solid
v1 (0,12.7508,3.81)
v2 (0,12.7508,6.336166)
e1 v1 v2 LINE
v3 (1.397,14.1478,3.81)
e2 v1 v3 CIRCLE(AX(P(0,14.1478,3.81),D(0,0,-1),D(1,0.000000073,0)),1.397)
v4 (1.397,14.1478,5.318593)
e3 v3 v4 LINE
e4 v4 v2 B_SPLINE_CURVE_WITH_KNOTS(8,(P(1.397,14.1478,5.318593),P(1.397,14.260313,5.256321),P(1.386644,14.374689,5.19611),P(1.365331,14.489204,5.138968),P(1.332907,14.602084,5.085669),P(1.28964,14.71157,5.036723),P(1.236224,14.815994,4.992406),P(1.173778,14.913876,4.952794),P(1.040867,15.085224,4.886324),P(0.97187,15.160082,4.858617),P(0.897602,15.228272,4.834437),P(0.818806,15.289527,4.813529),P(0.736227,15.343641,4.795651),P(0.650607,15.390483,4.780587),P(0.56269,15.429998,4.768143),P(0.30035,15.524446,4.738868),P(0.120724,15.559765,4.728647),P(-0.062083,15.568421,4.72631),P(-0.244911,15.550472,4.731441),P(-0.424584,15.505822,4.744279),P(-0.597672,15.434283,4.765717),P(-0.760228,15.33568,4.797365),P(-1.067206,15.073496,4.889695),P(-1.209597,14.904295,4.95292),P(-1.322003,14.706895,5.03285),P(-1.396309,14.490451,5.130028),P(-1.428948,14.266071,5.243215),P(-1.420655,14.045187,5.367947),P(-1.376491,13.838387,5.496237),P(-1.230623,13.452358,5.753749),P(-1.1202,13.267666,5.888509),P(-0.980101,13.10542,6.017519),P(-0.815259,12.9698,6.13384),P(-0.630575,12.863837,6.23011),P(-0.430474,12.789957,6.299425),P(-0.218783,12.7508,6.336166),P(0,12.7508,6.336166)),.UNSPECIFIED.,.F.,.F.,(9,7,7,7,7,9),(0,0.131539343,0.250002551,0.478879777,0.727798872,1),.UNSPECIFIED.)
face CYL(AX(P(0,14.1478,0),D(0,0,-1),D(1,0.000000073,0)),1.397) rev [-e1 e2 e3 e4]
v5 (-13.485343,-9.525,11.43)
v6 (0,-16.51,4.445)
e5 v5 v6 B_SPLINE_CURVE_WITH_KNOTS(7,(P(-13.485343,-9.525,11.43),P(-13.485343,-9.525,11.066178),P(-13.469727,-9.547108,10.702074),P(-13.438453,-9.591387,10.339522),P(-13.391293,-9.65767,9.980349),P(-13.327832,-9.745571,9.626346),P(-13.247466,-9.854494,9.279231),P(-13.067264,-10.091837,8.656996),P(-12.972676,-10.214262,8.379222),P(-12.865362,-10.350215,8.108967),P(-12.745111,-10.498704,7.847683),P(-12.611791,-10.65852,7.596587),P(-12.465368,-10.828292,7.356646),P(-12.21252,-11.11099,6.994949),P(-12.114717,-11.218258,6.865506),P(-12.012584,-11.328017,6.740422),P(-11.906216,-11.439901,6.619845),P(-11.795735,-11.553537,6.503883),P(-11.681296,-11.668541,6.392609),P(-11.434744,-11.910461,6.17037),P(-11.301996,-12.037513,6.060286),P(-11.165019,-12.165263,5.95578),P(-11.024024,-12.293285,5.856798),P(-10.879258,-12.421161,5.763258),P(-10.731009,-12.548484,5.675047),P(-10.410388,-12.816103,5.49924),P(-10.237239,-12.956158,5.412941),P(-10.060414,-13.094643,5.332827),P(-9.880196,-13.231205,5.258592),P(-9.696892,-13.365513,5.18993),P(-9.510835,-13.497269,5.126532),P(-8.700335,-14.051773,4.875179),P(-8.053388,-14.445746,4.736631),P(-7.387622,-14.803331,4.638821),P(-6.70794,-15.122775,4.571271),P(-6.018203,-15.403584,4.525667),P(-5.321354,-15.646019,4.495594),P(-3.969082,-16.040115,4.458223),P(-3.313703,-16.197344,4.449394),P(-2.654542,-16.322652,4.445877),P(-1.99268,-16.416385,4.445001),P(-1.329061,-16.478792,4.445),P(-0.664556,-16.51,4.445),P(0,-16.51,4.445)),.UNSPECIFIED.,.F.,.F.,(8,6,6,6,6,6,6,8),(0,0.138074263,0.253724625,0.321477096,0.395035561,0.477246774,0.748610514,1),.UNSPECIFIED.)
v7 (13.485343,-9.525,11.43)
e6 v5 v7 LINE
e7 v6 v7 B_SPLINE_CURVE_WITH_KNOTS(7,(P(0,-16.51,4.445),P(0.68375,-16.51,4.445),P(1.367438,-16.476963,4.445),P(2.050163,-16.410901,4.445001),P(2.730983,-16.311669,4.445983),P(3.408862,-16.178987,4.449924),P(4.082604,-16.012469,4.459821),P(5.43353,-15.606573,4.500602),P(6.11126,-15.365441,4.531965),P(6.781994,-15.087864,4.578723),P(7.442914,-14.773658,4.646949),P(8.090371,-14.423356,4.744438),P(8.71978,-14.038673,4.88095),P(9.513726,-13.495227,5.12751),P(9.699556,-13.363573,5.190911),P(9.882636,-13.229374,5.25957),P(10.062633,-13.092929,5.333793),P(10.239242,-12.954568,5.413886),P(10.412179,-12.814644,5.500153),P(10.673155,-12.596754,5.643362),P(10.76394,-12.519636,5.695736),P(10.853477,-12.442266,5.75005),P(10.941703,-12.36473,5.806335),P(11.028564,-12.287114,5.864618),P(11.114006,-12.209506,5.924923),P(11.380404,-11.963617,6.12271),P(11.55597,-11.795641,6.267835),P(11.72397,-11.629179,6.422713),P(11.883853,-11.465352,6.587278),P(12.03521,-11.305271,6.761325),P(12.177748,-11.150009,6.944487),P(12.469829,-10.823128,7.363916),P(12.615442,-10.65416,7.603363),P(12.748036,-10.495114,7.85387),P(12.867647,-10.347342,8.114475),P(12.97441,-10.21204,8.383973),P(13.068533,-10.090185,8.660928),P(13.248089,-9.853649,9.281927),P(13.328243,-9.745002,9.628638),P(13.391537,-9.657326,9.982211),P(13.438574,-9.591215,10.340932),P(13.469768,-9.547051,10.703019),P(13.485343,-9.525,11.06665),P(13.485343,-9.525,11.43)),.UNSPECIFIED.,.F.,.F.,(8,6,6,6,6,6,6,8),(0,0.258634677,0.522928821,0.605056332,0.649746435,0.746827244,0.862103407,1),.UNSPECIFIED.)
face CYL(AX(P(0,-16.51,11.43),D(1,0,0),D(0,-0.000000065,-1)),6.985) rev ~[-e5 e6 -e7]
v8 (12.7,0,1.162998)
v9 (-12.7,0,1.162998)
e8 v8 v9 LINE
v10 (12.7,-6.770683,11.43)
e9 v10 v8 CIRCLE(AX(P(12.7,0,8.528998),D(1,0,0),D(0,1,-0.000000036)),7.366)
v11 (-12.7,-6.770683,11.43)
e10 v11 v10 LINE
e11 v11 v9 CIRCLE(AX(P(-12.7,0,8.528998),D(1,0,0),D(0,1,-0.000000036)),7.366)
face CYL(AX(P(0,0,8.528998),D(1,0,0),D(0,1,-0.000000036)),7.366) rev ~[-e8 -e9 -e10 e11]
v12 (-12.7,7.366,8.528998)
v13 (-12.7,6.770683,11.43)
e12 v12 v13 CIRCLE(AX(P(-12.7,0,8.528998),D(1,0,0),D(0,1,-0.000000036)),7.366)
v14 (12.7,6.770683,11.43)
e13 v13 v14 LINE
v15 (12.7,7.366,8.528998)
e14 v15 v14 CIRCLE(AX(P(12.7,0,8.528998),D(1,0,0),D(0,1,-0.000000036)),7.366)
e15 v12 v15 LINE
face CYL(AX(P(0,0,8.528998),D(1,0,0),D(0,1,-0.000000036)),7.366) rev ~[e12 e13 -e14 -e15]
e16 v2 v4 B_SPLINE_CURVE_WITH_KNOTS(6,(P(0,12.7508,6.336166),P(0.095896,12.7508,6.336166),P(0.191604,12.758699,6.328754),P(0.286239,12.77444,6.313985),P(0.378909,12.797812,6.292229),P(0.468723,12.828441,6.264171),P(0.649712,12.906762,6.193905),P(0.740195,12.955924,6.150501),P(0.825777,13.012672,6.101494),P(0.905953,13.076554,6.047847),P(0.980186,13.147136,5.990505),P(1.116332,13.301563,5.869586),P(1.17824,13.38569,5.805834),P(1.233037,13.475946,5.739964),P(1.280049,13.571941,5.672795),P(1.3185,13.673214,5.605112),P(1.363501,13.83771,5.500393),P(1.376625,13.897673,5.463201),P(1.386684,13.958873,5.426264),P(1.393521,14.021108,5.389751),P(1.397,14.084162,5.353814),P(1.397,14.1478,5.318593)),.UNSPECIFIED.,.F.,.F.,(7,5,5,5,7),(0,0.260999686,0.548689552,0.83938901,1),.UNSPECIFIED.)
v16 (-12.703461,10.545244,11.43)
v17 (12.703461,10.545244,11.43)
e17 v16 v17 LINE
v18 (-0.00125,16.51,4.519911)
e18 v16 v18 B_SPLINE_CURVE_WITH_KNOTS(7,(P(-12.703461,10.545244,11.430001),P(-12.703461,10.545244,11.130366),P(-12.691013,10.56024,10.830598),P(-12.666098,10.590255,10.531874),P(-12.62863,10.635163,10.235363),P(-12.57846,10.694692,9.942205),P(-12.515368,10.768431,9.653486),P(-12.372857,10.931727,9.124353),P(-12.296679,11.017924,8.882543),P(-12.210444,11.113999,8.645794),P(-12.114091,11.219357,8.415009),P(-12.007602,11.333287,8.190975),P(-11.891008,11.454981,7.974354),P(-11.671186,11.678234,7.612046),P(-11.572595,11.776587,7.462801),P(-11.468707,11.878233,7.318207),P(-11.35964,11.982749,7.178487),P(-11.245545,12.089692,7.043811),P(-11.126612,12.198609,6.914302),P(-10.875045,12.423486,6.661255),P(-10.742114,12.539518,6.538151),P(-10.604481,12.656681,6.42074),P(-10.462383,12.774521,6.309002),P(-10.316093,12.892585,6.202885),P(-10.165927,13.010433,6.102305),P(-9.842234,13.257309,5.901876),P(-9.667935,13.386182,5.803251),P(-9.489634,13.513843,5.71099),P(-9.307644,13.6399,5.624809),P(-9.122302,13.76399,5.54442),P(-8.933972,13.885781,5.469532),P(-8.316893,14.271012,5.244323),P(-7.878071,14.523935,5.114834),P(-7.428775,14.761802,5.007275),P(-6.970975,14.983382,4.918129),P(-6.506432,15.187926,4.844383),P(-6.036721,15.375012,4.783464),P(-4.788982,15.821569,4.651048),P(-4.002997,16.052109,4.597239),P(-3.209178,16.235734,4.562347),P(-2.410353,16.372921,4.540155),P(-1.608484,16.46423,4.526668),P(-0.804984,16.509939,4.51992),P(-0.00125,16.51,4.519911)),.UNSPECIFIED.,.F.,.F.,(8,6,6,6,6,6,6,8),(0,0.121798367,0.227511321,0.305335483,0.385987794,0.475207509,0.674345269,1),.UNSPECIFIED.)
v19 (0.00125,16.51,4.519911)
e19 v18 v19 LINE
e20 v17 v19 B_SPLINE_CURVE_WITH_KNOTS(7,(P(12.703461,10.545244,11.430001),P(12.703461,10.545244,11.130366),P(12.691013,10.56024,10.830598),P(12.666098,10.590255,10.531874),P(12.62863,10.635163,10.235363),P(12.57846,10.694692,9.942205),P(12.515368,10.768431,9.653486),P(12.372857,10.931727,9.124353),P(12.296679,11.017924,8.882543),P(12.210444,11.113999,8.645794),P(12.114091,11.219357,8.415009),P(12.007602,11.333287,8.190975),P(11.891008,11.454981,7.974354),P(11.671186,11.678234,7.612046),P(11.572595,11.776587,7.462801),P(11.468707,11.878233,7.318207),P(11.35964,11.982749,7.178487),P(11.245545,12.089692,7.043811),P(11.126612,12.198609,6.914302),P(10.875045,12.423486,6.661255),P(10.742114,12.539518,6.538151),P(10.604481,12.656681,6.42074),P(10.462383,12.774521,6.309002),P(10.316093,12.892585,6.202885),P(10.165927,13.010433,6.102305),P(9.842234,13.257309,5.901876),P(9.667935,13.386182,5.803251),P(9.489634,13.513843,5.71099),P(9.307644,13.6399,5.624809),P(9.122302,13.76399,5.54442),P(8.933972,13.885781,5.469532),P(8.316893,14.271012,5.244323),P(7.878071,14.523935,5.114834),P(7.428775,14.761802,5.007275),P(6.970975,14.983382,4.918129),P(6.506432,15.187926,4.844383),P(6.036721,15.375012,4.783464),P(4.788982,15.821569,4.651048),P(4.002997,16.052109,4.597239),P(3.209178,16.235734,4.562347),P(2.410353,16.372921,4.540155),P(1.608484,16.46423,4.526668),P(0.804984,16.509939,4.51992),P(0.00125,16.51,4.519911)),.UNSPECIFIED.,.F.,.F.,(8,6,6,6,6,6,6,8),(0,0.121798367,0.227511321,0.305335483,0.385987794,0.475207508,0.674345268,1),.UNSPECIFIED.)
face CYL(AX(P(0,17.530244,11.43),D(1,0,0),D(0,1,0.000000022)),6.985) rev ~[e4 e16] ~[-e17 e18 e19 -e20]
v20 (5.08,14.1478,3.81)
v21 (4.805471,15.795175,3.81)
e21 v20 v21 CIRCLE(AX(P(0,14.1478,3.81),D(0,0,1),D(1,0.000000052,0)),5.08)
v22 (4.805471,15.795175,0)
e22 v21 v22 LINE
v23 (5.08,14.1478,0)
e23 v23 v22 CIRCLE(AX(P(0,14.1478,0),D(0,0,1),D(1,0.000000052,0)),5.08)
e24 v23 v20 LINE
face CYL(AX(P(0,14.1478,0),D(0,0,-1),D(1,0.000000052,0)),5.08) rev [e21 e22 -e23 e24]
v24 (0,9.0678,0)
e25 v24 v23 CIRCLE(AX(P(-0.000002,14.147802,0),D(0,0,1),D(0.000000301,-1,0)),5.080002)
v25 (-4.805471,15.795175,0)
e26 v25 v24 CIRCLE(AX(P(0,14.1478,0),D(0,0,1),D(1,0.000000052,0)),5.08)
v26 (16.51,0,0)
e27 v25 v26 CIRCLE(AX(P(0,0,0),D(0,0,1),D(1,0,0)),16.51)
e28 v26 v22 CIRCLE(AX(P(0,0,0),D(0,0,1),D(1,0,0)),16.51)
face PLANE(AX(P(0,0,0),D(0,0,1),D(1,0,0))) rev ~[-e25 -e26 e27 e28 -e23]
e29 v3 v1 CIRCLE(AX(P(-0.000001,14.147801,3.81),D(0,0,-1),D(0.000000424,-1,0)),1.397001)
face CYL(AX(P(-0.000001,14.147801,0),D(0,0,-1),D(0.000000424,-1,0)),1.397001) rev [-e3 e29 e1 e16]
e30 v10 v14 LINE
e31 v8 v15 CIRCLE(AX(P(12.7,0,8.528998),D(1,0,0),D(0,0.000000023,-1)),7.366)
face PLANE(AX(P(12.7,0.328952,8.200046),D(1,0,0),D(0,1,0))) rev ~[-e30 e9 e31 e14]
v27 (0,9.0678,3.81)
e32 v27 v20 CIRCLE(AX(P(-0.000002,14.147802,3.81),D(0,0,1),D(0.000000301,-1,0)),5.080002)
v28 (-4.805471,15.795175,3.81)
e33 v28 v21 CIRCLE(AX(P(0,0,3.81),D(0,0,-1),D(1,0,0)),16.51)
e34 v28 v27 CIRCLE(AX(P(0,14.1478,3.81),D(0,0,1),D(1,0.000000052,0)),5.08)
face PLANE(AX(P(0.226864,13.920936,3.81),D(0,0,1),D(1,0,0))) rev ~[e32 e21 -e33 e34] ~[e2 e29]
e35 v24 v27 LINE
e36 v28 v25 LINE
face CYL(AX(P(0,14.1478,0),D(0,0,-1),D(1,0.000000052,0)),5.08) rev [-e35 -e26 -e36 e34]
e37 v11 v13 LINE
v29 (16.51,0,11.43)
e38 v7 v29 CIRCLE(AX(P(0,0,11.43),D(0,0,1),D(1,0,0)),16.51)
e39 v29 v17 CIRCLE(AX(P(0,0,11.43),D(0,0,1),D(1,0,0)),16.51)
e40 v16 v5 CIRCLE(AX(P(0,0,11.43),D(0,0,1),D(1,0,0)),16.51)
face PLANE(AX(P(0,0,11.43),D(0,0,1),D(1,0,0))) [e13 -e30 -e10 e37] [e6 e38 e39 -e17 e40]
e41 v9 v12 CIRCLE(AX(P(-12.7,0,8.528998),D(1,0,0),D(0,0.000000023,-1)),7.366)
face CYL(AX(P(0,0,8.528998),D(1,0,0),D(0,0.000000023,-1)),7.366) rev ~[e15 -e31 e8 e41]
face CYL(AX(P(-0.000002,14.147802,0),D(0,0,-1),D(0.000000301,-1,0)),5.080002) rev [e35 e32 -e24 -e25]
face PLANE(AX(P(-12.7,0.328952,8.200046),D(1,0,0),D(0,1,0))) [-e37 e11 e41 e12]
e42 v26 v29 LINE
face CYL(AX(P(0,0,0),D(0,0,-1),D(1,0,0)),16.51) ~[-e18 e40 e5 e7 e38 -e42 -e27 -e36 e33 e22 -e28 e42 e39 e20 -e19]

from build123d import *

# Parameters (mm, degrees)
F0_R      = 16.51
F1_DEPTH  = 11.43
F3_DEPTH  = 12.7
F5_DEPTH  = 3.81
F7_DEPTH  = 11.43
F9_DEPTH  = 25.4
F11_DEPTH = 25.4


with BuildPart() as f1:
    # F0 (on Top) → F1 (new body)
    with BuildSketch(Plane.XY):
        Circle(F0_R)
    extrude(amount=F1_DEPTH)

    # F2 (on Right) → F3 (cut, symmetric)
    with BuildSketch(Plane.YZ):
        with BuildLine():
            ThreePointArc((0, 1.162998), (5.208549, 3.32045), (7.366, 8.528998))
            ThreePointArc((7.366, 8.528998), (-5.208549, 13.737547), (0, 1.162998))
        make_face()
    extrude(amount=F3_DEPTH, both=True, mode=Mode.SUBTRACT)

    # F4 (on Top) → F5 (cut)
    with BuildSketch(Plane.XY):
        with BuildLine():
            ThreePointArc((0, 9.0678), (3.592102, 10.555698), (5.08, 14.1478))
            ThreePointArc((5.08, 14.1478), (-3.592102, 17.739902), (0, 9.0678))
        make_face()
    extrude(amount=F5_DEPTH, mode=Mode.SUBTRACT)

    # F6 (on Top) → F7 (cut, through all)
    with BuildSketch(Plane.XY):
        with BuildLine():
            ThreePointArc((0, 12.7508), (0.987828, 13.159972), (1.397, 14.1478))
            ThreePointArc((1.397, 14.1478), (-0.987828, 15.135628), (0, 12.7508))
        make_face()
    extrude(amount=F7_DEPTH, mode=Mode.SUBTRACT)

    # F8 (on Right) → F9 (cut, symmetric)
    with BuildSketch(Plane.YZ):
        with BuildLine():
            ThreePointArc((-16.51, 4.445), (-11.570859, 6.490859), (-9.525, 11.43))
            ThreePointArc((-9.525, 11.43), (-21.449141, 16.369141), (-16.51, 4.445))
        make_face()
    extrude(amount=F9_DEPTH, both=True, mode=Mode.SUBTRACT)

    # F10 (on Right) → F11 (cut, symmetric)
    with BuildSketch(Plane.YZ):
        with BuildLine():
            ThreePointArc((16.51, 4.519911), (22.094443, 6.142438), (24.515244, 11.43))
            ThreePointArc((24.515244, 11.43), (12.966045, 16.717562), (16.51, 4.519911))
        make_face()
    extrude(amount=F11_DEPTH, both=True, mode=Mode.SUBTRACT)


solid = f1.part
